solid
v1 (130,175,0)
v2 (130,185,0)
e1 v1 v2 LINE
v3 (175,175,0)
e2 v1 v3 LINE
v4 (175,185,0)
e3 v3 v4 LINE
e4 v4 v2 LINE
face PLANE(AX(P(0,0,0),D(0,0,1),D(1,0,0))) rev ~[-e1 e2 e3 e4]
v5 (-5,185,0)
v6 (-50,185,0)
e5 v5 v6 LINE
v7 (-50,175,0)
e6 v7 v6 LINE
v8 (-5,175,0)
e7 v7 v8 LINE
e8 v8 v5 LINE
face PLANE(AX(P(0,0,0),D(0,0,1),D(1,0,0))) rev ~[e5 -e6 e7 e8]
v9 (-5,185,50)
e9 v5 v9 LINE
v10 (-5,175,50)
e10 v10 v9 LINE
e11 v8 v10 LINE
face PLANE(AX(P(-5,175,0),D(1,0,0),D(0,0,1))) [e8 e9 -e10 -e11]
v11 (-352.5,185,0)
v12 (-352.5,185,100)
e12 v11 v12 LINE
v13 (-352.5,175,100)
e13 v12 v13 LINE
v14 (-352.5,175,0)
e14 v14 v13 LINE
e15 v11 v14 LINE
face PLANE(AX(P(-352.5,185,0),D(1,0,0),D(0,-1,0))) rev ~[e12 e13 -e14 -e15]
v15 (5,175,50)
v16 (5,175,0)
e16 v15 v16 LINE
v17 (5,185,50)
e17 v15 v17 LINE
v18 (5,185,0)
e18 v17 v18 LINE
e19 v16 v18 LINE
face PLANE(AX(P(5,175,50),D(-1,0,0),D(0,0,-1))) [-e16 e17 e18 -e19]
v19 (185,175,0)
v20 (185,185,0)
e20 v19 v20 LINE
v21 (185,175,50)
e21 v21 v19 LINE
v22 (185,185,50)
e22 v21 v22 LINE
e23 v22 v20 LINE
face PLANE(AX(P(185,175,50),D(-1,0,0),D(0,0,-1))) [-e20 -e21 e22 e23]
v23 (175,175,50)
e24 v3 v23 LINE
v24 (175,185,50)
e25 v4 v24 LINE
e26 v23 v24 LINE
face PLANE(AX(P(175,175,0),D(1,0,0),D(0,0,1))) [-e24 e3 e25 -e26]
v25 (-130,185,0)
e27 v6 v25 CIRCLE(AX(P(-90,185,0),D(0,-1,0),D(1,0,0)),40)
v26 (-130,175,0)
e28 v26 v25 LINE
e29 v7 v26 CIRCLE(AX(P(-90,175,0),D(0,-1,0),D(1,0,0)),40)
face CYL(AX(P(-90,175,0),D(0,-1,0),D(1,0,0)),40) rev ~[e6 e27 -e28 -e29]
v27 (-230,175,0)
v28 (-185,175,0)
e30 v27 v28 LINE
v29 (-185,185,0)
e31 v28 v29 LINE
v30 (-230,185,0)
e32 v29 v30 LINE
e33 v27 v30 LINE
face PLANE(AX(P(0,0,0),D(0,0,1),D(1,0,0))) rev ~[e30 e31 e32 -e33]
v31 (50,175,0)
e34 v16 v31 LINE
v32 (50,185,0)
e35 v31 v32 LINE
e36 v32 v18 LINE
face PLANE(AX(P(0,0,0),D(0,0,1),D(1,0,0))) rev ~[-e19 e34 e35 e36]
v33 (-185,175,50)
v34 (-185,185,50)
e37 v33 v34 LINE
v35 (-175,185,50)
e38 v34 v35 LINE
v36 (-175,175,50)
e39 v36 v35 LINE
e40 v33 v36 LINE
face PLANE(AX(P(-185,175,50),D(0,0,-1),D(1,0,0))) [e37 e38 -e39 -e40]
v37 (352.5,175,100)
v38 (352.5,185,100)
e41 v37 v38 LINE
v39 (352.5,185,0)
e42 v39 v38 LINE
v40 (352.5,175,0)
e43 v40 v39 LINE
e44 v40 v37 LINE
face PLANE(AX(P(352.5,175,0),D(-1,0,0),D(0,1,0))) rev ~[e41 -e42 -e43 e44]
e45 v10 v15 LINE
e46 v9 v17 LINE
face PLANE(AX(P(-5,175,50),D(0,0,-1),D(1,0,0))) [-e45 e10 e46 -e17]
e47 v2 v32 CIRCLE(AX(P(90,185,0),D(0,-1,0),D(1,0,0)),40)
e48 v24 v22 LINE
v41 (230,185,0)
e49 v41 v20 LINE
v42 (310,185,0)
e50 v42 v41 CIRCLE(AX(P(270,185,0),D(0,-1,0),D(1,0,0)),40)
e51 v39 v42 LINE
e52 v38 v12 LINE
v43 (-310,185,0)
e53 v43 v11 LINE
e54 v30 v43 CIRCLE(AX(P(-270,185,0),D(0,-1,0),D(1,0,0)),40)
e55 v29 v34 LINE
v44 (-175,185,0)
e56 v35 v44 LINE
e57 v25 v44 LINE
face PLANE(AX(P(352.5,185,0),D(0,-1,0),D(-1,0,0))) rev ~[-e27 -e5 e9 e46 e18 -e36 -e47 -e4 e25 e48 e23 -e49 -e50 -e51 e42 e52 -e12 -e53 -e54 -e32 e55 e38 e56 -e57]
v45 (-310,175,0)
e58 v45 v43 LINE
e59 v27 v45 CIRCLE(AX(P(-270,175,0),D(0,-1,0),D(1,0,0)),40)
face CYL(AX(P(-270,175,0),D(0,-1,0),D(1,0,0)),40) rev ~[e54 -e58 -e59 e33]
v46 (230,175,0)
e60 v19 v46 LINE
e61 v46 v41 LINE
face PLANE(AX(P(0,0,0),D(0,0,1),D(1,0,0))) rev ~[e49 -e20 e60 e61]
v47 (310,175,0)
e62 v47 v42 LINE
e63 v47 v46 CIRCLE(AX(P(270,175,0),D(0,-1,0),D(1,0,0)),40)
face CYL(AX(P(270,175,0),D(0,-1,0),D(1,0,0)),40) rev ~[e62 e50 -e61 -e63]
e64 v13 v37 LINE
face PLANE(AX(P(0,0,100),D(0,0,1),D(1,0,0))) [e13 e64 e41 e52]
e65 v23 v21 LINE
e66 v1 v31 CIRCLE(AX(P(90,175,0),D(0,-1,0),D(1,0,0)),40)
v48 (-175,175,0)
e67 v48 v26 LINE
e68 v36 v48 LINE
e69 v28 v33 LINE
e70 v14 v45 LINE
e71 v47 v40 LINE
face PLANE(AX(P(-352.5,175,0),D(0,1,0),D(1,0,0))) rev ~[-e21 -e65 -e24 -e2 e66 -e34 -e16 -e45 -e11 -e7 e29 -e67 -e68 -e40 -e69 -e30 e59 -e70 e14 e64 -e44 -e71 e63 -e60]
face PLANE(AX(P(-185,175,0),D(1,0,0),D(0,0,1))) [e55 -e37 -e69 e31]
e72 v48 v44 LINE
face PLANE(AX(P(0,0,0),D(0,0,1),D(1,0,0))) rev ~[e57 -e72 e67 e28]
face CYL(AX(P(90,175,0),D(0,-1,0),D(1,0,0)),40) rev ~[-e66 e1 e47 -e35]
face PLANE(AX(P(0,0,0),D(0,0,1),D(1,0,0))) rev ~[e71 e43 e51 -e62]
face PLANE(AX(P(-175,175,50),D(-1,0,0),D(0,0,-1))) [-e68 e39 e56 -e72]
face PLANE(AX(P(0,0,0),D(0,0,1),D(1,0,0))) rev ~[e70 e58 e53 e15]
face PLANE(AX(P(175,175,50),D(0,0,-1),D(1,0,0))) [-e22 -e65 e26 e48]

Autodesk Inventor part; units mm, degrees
ref_plane "YZ Plane" through (0, 0, 0) normal (1, 0, 0) x (0, 1, 0)
ref_plane "XZ Plane" through (0, 0, 0) normal (0, 1, 0) x (-1, 0, 0)
ref_plane "XY Plane" through (0, 0, 0) normal (0, 0, 1) x (1, 0, 0)
sketch "Sketch1" plane through (0, 0, 0) normal (0, 0, 1) x (1, 0, 0)
  circle A0 centre (0, 0) radius 400 construction
  line L0 (-352.5, 175) -> (352.5, 175)
  line L1 (352.5, 175) -> (352.5, 185)
  line L2 (352.5, 185) -> (-352.5, 185)
  line L3 (-352.5, 185) -> (-352.5, 175)
  line L4 (-352.5, 175) -> (352.5, 185) construction
  point P0 (0, 180)
  dimension "d0" = 800
  dimension "d32" = 10
  dimension "d33" = 180
  dimension "d34" = 705
extrude "Extrusion1" add sketch "Sketch1" along normal blind 100
sketch "Sketch3" plane through (-352.5, 175, 0) normal (0, -1, 0) x (1, 0, 0)
  line L0 (705, 0) -> (0, 0) projected
  circle A0 centre (262.5, 0) radius 40
  circle A1 centre (82.5, 0) radius 40
  circle A2 centre (442.5, 0) radius 40
  circle A3 centre (622.5, 0) radius 40
  line L1 (0, 0) -> (705, 0) projected
  line L2 (0, 100) -> (705, 100) projected
  line L3 (167.5, 50) -> (177.5, 50)
  line L4 (177.5, 50) -> (177.5, 0)
  line L5 (177.5, 0) -> (167.5, 0)
  line L6 (167.5, 0) -> (167.5, 50)
  line L7 (347.5, 50) -> (357.5, 50)
  line L8 (357.5, 50) -> (357.5, 0)
  line L9 (357.5, 0) -> (347.5, 0)
  line L10 (347.5, 0) -> (347.5, 50)
  line L11 (527.5, 50) -> (537.5, 50)
  line L12 (537.5, 50) -> (537.5, 0)
  line L13 (537.5, 0) -> (527.5, 0)
  line L14 (527.5, 0) -> (527.5, 50)
  point P0 (352.5, 0)
  point P1 (352.5, 0)
  point P2 (352.5, 0)
  point P3 (582.5, 0)
  point P4 (662.5, 0)
  point P5 (402.5, 0)
  point P6 (482.5, 0)
  point P7 (222.5, 0)
  point P8 (302.5, 0)
  point P9 (42.5, 0)
  point P10 (122.5, 0)
  point P11 (172.5, 0)
  point P12 (352.5, 0)
  point P13 (352.5, 0)
  point P14 (352.5, 0)
  point P15 (532.5, 0)
  point P16 (352.5, 0)
  point P17 (352.5, 0)
  point P18 (527.5, 0)
  point P19 (537.5, 0)
  point P20 (357.5, 0)
  point P21 (177.5, 0)
  dimension "d35" = 80
  dimension "d36" = 90
  dimension "d37" = 80
  dimension "d38" = 180
  dimension "d39" = 80
  dimension "d40" = 80
  dimension "d41" = 90
  dimension "d42" = 180
  dimension "d53" = 10
  dimension "d54" = 180
  dimension "d55" = 50
  dimension "d56" = 10
  dimension "d57" = 50
  dimension "d58" = 10
  dimension "d59" = 50
  dimension "d60" = 180
extrude "Extrusion3" cut sketch "Sketch3" against normal through all contours L0 A1 | L0 L6 L3 L4 | L0 A0 | L0 L10 L7 L8 | L0 A2 | A3 L0 | L0 L14 L11 L12 picked at (84.0738, 20.5179) picked at (255.8333, 20.5179) picked at (435.8333, 20.5179) picked at (611.7131, 7.8371)
equation "\"d56\" = d53"
equation "\"d57\" = d55"
equation "\"d58\" = d56"
equation "\"d59\" = d57"
equation "\"d60\" = d54"
equation "\"BendReliefWidth\" = Thickness"
equation "\"BendReliefDepth\" = 0.5 * Thickness"
equation "\"CornerReliefSize\" = 4 * Thickness"
equation "\"MinimumRemnant\" = 2 * Thickness"
equation "\"TransitionRadius\" = BendRadius"
equation "\"JacobiRadiusSize\" = BendRadius"
equation "\"GapSize\" = Thickness"
equation "\"Thickness\" = 2"
equation "\"BendRadius\" = 2.75"
properties part number "BSH 086 amplifier bottom" material "Stainless Steel"
